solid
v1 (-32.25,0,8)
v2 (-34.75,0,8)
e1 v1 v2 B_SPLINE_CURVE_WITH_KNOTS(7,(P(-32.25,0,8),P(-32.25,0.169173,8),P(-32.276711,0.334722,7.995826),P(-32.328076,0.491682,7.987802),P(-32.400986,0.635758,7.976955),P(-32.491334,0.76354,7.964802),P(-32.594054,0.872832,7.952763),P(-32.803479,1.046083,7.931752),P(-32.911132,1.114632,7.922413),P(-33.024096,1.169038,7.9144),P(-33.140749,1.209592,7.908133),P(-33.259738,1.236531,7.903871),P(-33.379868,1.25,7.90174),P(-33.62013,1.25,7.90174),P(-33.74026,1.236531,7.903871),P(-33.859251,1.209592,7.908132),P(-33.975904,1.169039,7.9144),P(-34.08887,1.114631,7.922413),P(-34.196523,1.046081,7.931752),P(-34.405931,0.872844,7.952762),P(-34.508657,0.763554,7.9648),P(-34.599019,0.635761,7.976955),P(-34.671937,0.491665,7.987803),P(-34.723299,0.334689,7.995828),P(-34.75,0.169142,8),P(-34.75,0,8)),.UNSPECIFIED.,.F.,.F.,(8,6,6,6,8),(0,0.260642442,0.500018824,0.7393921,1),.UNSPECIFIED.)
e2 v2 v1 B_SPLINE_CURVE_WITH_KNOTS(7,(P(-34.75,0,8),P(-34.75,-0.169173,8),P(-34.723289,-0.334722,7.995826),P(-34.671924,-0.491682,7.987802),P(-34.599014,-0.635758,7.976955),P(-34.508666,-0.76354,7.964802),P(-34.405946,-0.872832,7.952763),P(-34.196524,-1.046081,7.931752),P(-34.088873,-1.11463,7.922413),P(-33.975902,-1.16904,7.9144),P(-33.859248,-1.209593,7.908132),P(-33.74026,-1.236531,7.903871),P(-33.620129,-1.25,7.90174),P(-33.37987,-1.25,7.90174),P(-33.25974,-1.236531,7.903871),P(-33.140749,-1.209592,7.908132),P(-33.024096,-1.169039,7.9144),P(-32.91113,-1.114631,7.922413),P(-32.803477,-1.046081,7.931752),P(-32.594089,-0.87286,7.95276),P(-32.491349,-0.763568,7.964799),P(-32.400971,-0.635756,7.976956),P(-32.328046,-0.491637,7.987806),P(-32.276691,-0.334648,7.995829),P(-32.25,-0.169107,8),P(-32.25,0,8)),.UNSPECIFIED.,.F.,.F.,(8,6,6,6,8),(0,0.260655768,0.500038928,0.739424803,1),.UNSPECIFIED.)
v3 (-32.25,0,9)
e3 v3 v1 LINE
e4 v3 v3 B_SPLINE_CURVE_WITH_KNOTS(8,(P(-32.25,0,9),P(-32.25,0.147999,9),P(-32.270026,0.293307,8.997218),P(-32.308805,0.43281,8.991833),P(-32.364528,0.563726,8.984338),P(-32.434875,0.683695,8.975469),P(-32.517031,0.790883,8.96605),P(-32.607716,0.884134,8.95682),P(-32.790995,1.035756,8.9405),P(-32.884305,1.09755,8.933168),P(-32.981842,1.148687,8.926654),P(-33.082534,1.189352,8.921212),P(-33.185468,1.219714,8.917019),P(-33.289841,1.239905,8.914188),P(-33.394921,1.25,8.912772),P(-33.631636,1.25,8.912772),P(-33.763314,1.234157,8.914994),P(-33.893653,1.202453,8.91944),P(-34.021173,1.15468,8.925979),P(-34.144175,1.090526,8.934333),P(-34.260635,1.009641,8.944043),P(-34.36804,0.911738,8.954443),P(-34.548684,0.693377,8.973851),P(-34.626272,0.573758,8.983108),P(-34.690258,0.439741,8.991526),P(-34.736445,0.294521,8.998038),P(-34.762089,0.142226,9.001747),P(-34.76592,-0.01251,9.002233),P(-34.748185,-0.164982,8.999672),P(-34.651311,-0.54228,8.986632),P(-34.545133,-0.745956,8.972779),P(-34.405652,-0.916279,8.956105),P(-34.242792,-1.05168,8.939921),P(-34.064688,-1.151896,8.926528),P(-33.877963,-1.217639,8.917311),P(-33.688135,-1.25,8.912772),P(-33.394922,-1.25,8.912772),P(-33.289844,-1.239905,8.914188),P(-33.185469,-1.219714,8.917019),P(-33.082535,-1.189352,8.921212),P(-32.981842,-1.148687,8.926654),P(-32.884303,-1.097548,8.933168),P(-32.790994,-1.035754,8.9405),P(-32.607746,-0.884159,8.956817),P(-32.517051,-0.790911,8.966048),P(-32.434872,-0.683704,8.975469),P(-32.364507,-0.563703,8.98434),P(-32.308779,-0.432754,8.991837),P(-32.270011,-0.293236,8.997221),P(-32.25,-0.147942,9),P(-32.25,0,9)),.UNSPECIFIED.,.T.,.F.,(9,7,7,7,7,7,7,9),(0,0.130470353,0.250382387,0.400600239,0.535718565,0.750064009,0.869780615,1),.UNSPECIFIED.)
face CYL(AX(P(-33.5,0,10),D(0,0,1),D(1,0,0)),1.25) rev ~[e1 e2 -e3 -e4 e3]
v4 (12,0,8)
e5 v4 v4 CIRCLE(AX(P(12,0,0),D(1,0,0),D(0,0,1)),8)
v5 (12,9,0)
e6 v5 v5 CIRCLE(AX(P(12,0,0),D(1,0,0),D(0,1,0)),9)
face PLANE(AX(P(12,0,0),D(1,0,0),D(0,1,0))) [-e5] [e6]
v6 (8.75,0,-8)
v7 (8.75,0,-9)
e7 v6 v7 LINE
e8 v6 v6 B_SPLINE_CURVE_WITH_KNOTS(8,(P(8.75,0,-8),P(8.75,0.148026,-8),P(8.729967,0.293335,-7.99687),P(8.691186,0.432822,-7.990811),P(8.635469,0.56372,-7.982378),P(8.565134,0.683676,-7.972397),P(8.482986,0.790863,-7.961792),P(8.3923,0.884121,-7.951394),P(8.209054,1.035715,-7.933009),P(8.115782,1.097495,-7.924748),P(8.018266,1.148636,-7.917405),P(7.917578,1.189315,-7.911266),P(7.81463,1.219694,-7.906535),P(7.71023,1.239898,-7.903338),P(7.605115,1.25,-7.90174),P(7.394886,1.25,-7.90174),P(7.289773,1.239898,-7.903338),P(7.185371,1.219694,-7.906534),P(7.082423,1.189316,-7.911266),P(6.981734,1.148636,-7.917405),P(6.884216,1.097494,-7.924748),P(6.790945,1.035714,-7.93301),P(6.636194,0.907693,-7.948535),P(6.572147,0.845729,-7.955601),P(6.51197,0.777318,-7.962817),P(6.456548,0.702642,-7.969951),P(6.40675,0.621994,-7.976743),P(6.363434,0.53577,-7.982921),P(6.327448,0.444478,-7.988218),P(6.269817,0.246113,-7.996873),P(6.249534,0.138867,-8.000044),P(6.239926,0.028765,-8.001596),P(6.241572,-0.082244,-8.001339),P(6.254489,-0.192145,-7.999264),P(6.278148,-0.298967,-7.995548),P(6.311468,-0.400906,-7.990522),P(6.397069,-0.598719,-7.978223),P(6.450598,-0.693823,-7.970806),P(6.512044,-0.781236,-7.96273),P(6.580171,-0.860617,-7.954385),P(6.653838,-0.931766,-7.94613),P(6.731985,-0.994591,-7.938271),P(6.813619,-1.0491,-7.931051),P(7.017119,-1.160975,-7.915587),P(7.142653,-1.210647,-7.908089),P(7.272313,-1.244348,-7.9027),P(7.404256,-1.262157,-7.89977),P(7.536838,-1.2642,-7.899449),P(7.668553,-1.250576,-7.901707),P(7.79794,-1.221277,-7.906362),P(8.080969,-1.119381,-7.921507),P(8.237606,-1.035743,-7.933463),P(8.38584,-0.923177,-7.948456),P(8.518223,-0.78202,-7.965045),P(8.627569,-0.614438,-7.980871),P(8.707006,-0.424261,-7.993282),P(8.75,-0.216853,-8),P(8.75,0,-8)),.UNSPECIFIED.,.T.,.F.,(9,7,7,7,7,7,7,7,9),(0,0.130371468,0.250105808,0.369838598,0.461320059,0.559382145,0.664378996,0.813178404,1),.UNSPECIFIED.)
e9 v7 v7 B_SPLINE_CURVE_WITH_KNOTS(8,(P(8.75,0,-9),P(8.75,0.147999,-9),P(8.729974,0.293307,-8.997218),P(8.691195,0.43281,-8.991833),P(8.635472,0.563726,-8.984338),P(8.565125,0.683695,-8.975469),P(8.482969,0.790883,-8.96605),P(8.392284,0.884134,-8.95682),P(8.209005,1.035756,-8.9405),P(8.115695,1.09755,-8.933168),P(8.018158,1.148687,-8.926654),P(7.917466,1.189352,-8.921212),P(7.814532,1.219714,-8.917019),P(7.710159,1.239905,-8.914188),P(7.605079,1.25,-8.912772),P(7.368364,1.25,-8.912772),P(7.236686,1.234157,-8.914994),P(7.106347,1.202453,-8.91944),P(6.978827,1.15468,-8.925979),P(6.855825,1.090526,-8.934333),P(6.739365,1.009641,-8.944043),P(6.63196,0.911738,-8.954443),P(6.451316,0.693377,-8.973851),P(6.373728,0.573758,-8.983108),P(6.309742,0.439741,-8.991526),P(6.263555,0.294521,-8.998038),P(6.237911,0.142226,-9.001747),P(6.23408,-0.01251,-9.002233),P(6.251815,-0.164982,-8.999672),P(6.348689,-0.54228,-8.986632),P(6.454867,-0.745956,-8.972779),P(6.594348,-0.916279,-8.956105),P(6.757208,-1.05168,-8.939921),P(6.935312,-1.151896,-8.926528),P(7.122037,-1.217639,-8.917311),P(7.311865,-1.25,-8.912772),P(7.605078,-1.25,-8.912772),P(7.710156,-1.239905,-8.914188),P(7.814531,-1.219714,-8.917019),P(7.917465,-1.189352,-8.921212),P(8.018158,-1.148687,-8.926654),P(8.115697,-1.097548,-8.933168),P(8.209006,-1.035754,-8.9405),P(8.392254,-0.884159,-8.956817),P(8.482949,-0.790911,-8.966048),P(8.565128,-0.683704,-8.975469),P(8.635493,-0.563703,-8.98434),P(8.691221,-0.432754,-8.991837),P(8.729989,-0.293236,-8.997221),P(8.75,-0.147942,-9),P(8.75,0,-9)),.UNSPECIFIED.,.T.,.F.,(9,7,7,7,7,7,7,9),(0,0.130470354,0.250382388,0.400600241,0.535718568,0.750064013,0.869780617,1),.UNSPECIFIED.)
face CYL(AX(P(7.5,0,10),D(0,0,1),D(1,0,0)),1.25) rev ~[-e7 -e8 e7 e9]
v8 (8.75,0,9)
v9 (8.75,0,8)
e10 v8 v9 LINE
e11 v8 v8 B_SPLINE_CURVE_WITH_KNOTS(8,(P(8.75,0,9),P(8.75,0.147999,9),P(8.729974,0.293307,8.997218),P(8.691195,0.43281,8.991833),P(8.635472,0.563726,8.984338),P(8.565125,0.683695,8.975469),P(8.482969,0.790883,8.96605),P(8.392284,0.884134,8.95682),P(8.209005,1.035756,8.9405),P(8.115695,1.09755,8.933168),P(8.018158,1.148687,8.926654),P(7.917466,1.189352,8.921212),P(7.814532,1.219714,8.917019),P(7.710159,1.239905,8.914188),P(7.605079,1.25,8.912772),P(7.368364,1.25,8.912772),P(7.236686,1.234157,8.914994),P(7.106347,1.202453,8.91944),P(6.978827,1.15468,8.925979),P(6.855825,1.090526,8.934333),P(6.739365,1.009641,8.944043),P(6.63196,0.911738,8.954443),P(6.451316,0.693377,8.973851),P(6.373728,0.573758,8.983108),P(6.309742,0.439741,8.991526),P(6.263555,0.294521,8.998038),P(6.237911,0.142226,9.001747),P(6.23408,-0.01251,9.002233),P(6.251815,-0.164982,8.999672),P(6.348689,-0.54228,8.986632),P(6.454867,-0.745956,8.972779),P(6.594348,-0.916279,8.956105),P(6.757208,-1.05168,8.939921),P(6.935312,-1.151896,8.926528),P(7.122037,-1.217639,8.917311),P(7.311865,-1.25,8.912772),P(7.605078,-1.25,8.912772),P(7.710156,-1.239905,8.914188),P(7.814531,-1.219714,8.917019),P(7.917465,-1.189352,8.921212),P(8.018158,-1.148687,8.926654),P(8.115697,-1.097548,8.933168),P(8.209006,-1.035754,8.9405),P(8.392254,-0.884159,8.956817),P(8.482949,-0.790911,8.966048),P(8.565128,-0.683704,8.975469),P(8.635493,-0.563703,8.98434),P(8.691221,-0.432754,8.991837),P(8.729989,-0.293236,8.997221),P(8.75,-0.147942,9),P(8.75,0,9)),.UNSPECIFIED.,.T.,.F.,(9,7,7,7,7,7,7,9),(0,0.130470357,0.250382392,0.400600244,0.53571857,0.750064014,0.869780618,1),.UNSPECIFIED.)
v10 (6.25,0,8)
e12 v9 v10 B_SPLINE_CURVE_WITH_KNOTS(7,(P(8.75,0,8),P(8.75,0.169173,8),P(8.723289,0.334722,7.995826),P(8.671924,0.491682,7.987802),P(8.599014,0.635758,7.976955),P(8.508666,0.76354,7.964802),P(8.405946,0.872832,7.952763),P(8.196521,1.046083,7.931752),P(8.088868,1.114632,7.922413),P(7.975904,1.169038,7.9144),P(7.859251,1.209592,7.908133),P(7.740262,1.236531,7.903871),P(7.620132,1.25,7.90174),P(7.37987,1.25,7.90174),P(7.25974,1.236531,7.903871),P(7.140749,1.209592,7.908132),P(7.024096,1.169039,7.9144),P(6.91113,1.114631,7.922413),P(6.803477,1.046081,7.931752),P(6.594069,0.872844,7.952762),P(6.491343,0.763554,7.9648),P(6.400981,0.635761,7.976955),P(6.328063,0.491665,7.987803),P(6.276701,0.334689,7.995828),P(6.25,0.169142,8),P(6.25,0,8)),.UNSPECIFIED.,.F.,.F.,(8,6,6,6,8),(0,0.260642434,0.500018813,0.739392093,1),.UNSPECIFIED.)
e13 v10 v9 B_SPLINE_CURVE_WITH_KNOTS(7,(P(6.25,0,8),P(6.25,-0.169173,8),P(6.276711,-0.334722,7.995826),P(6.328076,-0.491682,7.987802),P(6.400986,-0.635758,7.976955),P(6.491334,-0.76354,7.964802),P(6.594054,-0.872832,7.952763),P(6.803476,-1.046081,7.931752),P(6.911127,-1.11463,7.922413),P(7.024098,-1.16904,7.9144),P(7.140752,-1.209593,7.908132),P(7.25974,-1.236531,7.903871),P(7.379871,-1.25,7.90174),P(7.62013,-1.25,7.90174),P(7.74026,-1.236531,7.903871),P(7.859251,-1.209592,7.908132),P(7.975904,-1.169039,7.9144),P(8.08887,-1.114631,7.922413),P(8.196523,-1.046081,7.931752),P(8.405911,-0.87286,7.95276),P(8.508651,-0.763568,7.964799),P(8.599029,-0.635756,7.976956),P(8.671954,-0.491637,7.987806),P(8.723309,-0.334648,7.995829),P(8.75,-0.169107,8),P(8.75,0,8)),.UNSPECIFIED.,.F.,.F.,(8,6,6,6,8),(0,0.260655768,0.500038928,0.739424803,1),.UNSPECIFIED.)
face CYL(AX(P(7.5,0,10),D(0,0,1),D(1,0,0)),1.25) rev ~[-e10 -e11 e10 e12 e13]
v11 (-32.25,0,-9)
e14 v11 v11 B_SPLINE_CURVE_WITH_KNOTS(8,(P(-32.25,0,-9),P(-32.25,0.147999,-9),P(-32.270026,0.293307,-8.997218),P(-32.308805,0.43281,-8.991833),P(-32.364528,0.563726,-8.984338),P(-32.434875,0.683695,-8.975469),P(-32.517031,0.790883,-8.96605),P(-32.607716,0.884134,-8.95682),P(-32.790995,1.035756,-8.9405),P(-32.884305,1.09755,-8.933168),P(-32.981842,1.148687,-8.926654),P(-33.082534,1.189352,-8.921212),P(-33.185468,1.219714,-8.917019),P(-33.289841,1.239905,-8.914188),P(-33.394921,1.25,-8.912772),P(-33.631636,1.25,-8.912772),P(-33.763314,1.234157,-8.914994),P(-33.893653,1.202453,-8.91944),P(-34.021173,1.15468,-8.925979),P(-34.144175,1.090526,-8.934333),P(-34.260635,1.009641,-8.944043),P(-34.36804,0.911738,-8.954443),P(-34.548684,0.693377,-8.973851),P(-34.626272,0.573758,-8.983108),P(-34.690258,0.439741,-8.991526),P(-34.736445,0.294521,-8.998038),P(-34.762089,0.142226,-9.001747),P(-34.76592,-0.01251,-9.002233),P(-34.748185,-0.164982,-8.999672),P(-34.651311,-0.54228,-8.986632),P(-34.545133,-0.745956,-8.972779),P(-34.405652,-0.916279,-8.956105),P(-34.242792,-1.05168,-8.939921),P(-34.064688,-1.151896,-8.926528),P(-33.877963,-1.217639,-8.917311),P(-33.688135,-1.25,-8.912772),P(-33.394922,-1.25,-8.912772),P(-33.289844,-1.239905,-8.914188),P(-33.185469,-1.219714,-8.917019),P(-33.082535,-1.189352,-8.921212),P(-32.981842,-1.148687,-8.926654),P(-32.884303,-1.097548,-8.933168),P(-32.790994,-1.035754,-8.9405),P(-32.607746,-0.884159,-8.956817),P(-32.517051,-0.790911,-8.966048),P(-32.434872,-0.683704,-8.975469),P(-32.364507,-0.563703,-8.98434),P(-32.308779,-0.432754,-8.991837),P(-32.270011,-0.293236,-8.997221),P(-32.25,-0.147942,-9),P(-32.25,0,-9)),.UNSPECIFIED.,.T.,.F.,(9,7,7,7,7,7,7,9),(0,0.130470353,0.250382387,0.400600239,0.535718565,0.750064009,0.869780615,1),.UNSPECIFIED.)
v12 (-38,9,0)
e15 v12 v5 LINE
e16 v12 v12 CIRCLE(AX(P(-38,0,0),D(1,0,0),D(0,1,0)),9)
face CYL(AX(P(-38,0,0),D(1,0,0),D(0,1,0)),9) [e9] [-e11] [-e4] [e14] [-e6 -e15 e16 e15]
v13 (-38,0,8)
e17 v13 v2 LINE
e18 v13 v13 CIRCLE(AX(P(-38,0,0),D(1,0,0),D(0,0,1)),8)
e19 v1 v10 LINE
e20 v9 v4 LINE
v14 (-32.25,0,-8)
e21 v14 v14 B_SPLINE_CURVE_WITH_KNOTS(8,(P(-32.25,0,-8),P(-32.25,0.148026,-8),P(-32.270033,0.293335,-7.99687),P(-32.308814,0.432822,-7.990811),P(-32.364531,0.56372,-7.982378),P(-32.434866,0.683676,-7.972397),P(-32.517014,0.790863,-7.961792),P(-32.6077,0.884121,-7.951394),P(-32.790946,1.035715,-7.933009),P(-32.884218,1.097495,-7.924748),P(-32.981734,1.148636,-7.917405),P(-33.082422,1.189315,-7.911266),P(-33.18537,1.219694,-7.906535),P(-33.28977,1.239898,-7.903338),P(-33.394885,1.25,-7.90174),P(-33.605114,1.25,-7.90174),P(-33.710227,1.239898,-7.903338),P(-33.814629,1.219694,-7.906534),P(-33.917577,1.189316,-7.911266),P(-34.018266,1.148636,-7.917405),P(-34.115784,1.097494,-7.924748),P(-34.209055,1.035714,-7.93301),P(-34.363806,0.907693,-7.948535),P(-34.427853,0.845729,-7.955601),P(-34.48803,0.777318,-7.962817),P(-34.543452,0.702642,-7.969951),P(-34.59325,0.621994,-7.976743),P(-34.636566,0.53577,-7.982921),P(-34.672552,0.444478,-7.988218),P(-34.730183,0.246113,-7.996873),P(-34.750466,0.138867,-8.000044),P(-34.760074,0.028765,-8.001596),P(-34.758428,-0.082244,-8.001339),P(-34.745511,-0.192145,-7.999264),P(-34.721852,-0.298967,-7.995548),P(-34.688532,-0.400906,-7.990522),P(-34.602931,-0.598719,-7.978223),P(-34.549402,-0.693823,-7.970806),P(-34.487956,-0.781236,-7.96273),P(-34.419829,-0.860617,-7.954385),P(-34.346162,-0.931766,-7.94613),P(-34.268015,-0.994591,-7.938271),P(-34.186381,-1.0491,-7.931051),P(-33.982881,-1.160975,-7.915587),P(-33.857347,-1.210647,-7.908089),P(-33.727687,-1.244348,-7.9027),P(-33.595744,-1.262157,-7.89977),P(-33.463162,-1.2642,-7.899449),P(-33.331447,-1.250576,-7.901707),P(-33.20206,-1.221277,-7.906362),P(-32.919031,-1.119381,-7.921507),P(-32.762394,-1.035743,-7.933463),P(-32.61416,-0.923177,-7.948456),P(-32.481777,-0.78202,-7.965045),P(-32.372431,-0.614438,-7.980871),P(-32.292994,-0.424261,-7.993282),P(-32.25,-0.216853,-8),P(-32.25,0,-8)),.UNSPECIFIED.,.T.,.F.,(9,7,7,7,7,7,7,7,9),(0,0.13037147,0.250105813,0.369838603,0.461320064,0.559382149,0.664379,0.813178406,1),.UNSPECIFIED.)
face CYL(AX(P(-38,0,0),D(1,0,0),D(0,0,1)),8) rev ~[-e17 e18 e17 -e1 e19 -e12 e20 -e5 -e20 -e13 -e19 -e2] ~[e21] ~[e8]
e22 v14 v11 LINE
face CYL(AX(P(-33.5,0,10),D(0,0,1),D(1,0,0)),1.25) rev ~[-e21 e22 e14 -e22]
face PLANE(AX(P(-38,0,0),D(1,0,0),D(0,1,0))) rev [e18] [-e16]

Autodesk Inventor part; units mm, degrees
ref_plane "YZ Plane" through (0, 0, 0) normal (1, 0, 0) x (0, 1, 0)
ref_plane "XZ Plane" through (0, 0, 0) normal (0, 1, 0) x (-1, 0, 0)
sketch "ShaftProfile" plane through (0, 0, 0) normal (0, 0, 1) x (1, 0, 0)
  line L0 (-48, 0) -> (22, 0) construction
  line L1 (-38, 9) -> (12, 9)
  line L2 (12, 9) -> (12, 0)
  line L3 (-38, 0) -> (-38, 9)
  line L4 (-38, 0) -> (12, 0)
  point P0 (0, 0)
  dimension "d1" = 50
  dimension "d2" = 9
  dimension "d4" = 38
revolve "ShaftFeature" add sketch "ShaftProfile" angle 360 about axis through (-38, 0, 0) along (1, 0, 0)
sketch "Sketch2" plane through (-38, 0, 0) normal (-1, 0, 0) x (0, 0, 1)
  circle A0 centre (0, 0) radius 9 projected
hole "ShaftHoleFeature" at (-38, 0, 0) direction (1, 0, 0) diameter 16 end through all
ref_plane "MidSidePlane" through (0, 0, 10) normal (0, 0, 1) x (1, 0, 0)
sketch "CapHoles" plane through (0, 0, 10) normal (0, 0, 1) x (1, 0, 0)
  line L0 (12, -9) -> (12, 9) construction
  line L1 (-38, -9) -> (-38, 9) construction
  line L2 (-58, 0) -> (82, 0) construction
  circle A0 centre (-33.5, 0) radius 1.25
  circle A1 centre (7.5, 0) radius 1.25
  dimension "d24" = 2.5
  dimension "d25" = 4.5
  dimension "d26" = 4.5
extrude "CapHolesFeature" cut sketch "CapHoles" against normal through all
equation "\"d26\" = d25"
properties part number "BackPair1PistonShaft"
